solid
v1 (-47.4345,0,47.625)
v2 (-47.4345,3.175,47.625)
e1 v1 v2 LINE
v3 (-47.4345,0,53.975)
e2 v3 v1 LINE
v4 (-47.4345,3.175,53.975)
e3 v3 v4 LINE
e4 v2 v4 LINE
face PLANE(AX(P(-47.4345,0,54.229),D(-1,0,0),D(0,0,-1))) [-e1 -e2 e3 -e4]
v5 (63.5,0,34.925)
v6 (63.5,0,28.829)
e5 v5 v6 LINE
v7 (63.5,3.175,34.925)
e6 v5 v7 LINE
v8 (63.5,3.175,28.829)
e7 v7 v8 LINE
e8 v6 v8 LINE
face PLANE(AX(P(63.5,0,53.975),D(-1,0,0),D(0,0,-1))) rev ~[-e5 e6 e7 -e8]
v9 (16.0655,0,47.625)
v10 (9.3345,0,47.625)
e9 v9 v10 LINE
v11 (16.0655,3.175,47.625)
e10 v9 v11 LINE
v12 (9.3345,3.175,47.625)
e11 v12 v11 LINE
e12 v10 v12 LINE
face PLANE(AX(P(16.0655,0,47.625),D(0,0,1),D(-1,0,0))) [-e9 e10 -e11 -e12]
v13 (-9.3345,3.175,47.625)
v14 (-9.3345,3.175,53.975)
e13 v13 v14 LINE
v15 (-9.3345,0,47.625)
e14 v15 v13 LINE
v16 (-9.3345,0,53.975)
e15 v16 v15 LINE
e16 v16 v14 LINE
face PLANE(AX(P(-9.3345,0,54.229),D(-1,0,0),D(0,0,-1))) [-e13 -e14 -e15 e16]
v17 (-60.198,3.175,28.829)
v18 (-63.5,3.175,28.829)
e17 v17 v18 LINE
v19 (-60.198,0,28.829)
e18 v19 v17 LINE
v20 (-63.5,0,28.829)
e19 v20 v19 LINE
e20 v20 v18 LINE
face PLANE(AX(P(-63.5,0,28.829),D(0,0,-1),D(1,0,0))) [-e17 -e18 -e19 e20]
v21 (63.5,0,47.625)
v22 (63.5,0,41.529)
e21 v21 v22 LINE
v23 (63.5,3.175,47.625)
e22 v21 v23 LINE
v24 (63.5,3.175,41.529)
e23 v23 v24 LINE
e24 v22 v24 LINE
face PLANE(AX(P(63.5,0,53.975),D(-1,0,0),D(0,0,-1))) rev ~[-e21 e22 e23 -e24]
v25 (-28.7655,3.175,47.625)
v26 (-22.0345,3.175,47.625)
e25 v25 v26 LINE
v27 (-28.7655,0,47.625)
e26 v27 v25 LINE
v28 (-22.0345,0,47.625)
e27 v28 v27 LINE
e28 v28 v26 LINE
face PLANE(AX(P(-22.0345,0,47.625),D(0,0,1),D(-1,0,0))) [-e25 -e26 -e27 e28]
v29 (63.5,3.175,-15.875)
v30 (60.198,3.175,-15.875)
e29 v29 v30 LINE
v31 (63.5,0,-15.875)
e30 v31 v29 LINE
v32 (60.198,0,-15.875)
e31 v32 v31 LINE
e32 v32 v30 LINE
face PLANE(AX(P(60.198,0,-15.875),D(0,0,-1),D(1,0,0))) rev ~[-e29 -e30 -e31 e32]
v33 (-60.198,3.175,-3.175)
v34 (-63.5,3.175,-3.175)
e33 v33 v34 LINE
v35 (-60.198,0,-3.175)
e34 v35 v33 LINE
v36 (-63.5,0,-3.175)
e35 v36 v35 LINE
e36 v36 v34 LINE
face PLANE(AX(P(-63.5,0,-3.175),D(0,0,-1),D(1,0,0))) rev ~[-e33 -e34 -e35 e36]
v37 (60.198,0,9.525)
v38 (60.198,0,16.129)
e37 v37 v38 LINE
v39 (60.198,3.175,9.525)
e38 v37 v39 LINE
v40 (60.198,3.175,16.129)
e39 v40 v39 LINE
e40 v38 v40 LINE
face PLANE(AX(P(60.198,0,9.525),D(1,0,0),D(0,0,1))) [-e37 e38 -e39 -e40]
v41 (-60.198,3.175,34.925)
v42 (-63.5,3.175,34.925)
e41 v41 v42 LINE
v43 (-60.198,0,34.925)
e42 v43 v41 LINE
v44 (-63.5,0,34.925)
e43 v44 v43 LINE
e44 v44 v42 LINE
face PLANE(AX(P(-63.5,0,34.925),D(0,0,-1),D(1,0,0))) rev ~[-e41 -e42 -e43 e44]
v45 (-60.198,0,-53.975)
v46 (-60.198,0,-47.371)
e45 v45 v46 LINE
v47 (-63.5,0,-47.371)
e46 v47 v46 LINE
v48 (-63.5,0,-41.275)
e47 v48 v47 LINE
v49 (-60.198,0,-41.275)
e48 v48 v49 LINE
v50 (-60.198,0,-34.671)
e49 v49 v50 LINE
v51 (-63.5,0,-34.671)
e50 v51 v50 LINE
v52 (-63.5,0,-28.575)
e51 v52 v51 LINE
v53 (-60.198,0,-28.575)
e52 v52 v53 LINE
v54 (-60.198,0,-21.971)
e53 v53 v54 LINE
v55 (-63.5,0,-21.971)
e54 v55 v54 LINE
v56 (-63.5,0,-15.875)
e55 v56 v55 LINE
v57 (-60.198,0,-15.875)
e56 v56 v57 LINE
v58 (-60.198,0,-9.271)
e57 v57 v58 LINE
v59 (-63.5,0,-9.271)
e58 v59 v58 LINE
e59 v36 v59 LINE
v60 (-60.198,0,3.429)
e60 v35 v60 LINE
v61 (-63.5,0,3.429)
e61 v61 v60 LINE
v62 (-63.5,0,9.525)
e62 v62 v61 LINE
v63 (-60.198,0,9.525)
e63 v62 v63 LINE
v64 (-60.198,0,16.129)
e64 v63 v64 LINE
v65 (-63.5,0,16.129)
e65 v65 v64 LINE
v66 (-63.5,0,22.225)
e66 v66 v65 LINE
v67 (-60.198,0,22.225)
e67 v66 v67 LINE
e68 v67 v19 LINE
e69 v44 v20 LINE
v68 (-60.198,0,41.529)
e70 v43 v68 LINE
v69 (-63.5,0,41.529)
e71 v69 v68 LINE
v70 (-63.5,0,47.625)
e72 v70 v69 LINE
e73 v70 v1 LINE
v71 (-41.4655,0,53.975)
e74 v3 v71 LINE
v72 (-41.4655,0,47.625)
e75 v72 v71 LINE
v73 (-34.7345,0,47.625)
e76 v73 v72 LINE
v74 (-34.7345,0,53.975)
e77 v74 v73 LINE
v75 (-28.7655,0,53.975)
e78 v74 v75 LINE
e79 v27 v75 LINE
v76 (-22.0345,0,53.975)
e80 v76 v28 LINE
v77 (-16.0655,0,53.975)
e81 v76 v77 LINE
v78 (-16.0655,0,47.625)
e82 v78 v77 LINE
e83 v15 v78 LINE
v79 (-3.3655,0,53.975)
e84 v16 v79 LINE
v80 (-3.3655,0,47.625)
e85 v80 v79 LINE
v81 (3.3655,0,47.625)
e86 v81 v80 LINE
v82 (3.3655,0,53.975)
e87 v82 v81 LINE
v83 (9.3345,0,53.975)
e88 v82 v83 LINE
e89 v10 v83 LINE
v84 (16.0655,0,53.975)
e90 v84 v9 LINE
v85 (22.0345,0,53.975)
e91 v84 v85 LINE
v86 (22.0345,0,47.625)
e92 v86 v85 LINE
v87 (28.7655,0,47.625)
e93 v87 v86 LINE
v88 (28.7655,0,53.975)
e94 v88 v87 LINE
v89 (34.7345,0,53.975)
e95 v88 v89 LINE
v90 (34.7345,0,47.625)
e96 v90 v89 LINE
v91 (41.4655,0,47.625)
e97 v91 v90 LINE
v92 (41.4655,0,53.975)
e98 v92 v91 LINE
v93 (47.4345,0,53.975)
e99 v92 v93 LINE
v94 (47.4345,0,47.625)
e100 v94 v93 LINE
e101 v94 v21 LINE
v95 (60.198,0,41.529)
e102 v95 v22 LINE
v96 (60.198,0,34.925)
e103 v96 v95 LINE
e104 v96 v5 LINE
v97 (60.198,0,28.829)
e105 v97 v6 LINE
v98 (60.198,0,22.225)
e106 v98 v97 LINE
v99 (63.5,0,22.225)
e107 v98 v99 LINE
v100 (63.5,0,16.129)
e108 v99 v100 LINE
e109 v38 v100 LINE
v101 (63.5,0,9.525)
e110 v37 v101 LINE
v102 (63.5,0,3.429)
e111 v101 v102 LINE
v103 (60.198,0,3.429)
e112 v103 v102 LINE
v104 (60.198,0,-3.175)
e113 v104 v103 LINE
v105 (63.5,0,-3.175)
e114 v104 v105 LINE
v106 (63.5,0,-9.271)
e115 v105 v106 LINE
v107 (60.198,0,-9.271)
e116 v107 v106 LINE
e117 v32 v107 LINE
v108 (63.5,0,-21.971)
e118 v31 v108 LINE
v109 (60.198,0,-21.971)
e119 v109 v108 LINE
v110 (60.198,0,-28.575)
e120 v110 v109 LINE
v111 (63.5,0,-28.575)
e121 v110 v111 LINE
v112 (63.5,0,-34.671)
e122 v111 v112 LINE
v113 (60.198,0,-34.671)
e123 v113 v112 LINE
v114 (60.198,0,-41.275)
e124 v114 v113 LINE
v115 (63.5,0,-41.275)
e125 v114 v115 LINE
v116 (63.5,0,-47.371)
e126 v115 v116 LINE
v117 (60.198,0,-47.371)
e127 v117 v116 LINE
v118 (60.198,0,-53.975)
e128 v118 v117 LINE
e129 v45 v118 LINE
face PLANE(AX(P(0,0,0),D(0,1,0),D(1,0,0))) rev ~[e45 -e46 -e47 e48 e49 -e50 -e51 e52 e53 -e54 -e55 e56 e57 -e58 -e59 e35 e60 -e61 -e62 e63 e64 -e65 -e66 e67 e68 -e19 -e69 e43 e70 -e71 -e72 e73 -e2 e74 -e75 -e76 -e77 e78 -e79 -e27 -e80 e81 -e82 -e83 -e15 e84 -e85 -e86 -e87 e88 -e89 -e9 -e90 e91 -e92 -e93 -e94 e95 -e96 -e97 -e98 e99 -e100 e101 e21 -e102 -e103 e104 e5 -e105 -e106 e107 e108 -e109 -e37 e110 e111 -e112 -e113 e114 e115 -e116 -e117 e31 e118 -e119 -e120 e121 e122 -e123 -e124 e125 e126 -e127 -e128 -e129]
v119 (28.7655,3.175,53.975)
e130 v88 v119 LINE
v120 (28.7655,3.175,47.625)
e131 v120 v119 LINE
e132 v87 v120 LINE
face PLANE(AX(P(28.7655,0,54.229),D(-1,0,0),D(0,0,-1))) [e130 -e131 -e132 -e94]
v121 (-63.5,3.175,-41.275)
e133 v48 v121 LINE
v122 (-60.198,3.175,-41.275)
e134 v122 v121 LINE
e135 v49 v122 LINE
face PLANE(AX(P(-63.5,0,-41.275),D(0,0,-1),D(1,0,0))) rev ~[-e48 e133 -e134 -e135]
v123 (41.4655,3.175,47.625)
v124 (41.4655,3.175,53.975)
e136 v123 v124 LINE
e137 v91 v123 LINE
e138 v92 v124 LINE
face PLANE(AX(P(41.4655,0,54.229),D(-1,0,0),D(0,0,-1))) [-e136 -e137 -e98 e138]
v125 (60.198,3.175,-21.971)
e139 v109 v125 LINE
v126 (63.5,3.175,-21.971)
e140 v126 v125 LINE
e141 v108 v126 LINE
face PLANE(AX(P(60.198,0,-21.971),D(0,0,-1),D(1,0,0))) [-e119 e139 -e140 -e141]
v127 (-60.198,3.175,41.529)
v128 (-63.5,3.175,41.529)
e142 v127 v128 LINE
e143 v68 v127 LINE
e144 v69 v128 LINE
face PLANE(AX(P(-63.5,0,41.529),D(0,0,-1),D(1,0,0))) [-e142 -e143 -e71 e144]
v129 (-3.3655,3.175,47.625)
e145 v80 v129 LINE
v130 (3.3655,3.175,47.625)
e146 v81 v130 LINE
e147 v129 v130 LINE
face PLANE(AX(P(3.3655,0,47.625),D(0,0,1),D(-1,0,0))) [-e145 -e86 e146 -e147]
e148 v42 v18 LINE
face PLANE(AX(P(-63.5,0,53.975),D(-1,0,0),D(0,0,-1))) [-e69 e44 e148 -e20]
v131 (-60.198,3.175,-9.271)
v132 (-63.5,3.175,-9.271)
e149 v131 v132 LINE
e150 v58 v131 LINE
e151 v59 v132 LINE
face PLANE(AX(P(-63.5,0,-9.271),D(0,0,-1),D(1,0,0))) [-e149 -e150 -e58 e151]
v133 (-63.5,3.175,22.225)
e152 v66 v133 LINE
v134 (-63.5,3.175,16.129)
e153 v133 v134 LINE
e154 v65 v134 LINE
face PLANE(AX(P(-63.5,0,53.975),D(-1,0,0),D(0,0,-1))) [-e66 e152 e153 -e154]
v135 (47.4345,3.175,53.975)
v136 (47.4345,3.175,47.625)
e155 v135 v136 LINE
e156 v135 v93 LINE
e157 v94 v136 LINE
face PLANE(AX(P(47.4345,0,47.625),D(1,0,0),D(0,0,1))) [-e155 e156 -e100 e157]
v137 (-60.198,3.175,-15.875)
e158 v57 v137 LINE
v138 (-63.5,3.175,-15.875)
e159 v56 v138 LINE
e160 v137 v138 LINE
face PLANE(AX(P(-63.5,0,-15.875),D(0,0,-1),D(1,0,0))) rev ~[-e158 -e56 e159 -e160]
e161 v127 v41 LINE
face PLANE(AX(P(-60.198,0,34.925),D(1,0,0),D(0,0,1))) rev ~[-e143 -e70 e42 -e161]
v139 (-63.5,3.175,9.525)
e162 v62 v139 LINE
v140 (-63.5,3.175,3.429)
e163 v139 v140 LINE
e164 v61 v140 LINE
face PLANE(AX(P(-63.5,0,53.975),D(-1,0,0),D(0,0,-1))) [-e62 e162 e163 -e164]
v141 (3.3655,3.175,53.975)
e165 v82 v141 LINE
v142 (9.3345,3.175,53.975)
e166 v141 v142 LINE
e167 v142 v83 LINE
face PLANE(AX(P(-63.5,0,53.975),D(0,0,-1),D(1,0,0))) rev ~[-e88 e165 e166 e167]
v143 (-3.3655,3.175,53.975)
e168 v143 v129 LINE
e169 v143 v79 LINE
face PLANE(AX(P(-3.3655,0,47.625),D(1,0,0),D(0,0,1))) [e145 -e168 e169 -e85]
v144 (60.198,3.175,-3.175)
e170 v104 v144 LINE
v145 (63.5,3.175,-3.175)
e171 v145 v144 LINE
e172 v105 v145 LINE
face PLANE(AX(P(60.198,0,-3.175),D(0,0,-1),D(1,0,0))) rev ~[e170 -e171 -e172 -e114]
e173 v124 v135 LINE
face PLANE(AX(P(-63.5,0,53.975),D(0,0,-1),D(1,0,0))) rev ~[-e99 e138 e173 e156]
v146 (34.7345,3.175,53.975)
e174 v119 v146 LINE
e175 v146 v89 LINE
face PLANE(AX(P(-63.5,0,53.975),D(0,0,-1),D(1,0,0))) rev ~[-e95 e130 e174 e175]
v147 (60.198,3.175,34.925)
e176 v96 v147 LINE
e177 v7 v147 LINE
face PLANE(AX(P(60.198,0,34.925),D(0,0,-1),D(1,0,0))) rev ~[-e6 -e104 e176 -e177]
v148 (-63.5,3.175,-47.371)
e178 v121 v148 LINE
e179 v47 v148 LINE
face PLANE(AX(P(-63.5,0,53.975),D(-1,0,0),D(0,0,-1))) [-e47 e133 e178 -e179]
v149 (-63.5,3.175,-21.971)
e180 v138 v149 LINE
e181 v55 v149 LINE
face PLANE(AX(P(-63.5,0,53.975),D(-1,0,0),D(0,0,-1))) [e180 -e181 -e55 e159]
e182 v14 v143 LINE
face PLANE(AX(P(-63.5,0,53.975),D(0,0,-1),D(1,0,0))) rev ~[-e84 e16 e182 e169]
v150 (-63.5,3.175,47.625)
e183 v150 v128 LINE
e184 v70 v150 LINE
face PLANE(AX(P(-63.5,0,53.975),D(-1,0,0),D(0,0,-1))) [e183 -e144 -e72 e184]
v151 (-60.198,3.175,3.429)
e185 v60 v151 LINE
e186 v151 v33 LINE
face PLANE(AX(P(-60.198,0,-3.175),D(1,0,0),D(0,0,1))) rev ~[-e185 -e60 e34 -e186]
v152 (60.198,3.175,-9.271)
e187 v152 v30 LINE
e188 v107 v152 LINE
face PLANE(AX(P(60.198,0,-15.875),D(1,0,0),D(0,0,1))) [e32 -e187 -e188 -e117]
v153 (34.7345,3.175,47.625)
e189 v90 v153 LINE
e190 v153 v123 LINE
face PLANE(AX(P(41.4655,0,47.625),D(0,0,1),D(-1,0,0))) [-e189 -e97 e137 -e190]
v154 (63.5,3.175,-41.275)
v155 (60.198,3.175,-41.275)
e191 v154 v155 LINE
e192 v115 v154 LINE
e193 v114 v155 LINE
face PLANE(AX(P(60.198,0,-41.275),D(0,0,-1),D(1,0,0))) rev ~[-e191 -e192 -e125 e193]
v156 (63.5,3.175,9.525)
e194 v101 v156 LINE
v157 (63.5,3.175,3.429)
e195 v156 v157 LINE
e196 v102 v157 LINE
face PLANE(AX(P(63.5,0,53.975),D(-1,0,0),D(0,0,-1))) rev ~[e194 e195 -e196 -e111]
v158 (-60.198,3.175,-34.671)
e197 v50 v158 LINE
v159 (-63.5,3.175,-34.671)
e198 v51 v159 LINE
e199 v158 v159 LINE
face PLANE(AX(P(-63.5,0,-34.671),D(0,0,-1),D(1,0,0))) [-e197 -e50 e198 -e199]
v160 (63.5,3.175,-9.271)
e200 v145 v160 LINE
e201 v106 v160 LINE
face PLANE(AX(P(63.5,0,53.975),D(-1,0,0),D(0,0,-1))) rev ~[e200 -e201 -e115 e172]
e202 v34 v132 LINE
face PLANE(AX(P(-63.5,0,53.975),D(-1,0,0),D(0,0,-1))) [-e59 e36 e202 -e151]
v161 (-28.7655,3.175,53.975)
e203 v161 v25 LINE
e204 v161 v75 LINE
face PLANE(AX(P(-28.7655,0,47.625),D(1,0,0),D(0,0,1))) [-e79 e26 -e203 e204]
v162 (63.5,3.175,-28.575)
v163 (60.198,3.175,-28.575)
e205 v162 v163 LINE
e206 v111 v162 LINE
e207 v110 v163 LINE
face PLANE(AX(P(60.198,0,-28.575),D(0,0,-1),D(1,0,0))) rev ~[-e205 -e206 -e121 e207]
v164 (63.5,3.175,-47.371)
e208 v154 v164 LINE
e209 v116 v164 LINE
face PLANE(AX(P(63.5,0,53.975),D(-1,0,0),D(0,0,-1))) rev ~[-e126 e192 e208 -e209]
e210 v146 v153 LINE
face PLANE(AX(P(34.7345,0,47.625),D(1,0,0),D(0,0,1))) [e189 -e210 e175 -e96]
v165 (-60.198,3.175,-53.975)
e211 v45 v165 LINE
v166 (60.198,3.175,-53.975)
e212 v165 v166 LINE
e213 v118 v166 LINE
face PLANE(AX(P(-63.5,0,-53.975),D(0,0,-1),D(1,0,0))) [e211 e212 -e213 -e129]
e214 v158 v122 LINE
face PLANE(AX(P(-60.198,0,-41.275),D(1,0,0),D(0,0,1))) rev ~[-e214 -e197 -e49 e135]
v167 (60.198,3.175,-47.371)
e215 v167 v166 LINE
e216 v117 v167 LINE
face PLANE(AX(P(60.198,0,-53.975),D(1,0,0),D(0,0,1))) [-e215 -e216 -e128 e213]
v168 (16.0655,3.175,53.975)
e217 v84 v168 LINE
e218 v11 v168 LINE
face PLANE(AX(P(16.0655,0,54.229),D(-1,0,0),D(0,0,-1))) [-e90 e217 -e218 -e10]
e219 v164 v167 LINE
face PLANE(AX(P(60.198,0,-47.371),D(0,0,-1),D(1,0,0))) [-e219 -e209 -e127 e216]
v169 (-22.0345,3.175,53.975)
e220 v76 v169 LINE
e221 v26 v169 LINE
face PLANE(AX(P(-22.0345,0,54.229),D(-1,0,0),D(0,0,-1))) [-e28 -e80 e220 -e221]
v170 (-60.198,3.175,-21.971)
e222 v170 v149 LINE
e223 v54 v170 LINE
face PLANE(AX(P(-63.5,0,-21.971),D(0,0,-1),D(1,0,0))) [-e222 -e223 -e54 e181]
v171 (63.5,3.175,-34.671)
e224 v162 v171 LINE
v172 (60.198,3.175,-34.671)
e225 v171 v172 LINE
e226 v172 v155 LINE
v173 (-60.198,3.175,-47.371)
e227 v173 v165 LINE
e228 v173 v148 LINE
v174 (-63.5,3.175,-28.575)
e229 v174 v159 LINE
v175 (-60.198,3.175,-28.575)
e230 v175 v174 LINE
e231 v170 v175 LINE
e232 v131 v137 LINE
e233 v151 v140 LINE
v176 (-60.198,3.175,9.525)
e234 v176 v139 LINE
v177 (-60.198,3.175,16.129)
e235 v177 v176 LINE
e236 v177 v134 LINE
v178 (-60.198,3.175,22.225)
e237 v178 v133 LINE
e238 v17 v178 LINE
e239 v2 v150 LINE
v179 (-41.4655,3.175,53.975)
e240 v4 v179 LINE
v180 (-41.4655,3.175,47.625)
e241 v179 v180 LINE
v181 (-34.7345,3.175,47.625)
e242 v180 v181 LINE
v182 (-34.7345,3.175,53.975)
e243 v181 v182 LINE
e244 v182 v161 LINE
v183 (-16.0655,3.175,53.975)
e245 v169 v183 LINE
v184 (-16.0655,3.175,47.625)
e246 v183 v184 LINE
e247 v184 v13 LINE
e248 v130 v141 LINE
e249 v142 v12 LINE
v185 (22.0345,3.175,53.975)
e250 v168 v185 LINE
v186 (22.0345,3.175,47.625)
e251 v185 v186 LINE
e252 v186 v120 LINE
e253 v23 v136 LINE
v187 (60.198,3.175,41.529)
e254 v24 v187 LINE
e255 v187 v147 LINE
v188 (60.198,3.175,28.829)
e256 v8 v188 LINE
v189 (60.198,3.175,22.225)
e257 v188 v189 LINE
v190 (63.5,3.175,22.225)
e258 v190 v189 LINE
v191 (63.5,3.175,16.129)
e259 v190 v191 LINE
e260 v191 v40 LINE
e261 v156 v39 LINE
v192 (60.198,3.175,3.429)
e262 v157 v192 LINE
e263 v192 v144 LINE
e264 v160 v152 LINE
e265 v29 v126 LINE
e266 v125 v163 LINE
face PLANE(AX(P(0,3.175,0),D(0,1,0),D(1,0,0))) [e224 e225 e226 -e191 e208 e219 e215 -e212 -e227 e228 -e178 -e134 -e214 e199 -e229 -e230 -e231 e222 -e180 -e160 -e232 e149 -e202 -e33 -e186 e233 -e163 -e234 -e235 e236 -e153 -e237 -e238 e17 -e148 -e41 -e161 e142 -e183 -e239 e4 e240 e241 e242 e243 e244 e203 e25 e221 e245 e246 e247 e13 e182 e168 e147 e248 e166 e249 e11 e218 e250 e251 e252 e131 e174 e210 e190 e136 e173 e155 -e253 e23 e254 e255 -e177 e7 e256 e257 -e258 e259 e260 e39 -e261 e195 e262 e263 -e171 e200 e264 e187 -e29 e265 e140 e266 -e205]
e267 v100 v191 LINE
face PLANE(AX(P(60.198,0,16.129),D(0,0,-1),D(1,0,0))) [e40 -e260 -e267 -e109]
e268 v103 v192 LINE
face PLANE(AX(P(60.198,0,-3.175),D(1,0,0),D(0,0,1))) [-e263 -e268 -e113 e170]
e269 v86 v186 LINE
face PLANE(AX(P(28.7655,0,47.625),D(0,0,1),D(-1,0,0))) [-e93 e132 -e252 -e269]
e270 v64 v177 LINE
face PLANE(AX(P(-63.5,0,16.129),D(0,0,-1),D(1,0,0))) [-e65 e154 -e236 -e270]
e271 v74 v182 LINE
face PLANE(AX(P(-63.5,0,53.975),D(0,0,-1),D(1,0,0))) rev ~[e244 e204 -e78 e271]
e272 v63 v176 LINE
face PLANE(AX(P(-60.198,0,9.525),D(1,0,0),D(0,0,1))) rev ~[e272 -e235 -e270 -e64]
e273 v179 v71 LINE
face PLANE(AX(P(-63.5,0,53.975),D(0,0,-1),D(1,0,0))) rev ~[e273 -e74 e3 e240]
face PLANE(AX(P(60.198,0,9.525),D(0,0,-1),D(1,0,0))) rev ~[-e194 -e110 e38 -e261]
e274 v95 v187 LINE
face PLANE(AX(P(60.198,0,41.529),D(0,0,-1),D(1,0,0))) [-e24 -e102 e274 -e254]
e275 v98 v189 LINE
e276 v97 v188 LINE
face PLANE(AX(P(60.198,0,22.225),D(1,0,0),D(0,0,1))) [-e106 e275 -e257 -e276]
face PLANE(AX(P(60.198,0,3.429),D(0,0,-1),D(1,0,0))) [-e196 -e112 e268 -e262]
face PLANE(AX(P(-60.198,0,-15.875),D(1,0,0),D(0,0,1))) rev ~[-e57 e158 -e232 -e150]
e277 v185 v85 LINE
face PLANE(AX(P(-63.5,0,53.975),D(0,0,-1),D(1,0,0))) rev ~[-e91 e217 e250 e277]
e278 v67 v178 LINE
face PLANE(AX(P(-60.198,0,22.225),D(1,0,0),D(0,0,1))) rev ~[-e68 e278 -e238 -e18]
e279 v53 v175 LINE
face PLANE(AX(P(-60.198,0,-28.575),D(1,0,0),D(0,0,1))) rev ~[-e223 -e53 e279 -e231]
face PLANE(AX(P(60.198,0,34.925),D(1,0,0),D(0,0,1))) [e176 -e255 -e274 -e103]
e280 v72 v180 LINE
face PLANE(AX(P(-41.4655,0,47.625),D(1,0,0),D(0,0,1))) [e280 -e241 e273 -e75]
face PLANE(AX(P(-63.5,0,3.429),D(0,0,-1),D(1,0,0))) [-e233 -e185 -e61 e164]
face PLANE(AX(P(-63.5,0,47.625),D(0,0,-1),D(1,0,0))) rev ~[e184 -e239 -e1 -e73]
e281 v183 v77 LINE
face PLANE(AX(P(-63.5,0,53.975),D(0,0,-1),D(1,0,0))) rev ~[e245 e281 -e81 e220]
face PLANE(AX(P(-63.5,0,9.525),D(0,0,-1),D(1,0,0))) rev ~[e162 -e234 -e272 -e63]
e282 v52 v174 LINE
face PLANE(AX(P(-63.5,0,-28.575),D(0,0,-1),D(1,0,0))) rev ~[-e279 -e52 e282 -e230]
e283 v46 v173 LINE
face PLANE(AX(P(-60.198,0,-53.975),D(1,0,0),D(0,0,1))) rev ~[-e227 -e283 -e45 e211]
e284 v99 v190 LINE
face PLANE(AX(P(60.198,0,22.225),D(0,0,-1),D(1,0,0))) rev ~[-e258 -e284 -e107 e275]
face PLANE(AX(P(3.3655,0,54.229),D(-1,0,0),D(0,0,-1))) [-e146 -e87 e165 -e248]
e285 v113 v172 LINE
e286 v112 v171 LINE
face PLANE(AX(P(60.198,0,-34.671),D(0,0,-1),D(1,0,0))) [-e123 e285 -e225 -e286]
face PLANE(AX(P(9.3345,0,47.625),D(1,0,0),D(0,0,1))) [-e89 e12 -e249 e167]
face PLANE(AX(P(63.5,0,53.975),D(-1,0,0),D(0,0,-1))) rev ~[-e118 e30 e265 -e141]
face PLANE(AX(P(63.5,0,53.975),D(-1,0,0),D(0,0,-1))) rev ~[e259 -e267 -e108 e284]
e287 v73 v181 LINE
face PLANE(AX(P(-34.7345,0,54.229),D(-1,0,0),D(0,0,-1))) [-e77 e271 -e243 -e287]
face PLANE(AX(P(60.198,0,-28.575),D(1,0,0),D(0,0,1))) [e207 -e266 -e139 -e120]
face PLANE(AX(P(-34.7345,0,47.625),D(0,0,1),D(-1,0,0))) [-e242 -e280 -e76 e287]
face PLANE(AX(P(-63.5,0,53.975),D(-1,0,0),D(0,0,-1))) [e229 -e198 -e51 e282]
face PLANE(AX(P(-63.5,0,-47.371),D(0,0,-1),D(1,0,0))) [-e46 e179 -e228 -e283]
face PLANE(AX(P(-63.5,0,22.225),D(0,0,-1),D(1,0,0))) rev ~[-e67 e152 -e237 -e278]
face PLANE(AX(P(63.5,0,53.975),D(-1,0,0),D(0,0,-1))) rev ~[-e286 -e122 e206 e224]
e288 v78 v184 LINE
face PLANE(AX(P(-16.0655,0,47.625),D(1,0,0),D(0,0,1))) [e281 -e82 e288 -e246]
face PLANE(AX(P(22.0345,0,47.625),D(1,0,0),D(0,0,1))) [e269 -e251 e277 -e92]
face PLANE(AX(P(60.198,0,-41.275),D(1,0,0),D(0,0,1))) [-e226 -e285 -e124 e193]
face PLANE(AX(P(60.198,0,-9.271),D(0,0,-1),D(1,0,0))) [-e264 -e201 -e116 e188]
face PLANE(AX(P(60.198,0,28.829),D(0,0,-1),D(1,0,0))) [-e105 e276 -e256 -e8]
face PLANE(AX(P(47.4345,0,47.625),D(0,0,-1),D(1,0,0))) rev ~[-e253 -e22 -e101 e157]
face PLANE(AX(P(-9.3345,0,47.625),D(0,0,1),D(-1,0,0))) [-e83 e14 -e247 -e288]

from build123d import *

# Parameters (mm, degrees)
SKETCH1_W           = 127
SKETCH1_H           = 107.95
BOSS_EXTRUDE1_DEPTH = 3.175
SKETCH2_W           = 3.302
SKETCH2_H           = 6.604
CUT_EXTRUDE1_DEPTH  = 84.400427157


with BuildPart() as part:
    # Sketch1 → Boss-Extrude1 (new body)
    with BuildSketch(Plane(origin=(0, 0, 0), x_dir=(1, 0, 0), z_dir=(0, 1, 0))):
        Rectangle(SKETCH1_W, SKETCH1_H)
    extrude(amount=BOSS_EXTRUDE1_DEPTH)

    # Sketch2 → Cut-Extrude1 (cut, through all)
    with BuildSketch(Plane.XZ):
        Polygon((-34.7345, 47.625), (-41.4655, 47.625), (-41.4655, 54.229), (-47.4345, 54.229), (-47.4345, 47.625), (-60.198, 47.625), (-63.5, 47.625), (-63.5, 54.229), (-63.5, 63.03162391), (63.5, 63.03162391), (63.5, 54.229), (63.5, 47.625), (60.198, 47.625), (47.4345, 47.625), (47.4345, 54.229), (41.4655, 54.229), (41.4655, 47.625), (34.7345, 47.625), (34.7345, 54.229), (28.7655, 54.229), (28.7655, 47.625), (22.0345, 47.625), (22.0345, 54.229), (16.0655, 54.229), (16.0655, 47.625), (9.3345, 47.625), (9.3345, 54.229), (3.3655, 54.229), (3.3655, 47.625), (-3.3655, 47.625), (-3.3655, 54.229), (-9.3345, 54.229), (-9.3345, 47.625), (-16.0655, 47.625), (-16.0655, 54.229), (-22.0345, 54.229), (-22.0345, 47.625), (-28.7655, 47.625), (-28.7655, 54.229), (-34.7345, 54.229), align=None)
        with Locations((61.849, 38.227)):
            Rectangle(SKETCH2_W, SKETCH2_H)
        with Locations((61.849, 25.527)):
            Rectangle(SKETCH2_W, SKETCH2_H)
        with Locations((61.849, 12.827)):
            Rectangle(SKETCH2_W, SKETCH2_H)
        with Locations((61.849, 0.127)):
            Rectangle(SKETCH2_W, SKETCH2_H)
        with Locations((61.849, -12.573)):
            Rectangle(SKETCH2_W, SKETCH2_H)
        with Locations((61.849, -25.273)):
            Rectangle(SKETCH2_W, SKETCH2_H)
        with Locations((61.849, -37.973)):
            Rectangle(SKETCH2_W, SKETCH2_H)
        with Locations((-61.849, -37.973)):
            Rectangle(SKETCH2_W, SKETCH2_H)
        with Locations((-61.849, -25.273)):
            Rectangle(SKETCH2_W, SKETCH2_H)
        with Locations((-61.849, -12.573)):
            Rectangle(SKETCH2_W, SKETCH2_H)
        with Locations((-61.849, 0.127)):
            Rectangle(SKETCH2_W, SKETCH2_H)
        with Locations((-61.849, 12.827)):
            Rectangle(SKETCH2_W, SKETCH2_H)
        with Locations((-61.849, 25.527)):
            Rectangle(SKETCH2_W, SKETCH2_H)
        with Locations((-61.849, 38.227)):
            Rectangle(SKETCH2_W, SKETCH2_H)
        with Locations((61.849, -50.673)):
            Rectangle(SKETCH2_W, SKETCH2_H)
        with Locations((-61.849, -50.673)):
            Rectangle(SKETCH2_W, SKETCH2_H)
    extrude(amount=-CUT_EXTRUDE1_DEPTH, mode=Mode.SUBTRACT)


solid = part.part
